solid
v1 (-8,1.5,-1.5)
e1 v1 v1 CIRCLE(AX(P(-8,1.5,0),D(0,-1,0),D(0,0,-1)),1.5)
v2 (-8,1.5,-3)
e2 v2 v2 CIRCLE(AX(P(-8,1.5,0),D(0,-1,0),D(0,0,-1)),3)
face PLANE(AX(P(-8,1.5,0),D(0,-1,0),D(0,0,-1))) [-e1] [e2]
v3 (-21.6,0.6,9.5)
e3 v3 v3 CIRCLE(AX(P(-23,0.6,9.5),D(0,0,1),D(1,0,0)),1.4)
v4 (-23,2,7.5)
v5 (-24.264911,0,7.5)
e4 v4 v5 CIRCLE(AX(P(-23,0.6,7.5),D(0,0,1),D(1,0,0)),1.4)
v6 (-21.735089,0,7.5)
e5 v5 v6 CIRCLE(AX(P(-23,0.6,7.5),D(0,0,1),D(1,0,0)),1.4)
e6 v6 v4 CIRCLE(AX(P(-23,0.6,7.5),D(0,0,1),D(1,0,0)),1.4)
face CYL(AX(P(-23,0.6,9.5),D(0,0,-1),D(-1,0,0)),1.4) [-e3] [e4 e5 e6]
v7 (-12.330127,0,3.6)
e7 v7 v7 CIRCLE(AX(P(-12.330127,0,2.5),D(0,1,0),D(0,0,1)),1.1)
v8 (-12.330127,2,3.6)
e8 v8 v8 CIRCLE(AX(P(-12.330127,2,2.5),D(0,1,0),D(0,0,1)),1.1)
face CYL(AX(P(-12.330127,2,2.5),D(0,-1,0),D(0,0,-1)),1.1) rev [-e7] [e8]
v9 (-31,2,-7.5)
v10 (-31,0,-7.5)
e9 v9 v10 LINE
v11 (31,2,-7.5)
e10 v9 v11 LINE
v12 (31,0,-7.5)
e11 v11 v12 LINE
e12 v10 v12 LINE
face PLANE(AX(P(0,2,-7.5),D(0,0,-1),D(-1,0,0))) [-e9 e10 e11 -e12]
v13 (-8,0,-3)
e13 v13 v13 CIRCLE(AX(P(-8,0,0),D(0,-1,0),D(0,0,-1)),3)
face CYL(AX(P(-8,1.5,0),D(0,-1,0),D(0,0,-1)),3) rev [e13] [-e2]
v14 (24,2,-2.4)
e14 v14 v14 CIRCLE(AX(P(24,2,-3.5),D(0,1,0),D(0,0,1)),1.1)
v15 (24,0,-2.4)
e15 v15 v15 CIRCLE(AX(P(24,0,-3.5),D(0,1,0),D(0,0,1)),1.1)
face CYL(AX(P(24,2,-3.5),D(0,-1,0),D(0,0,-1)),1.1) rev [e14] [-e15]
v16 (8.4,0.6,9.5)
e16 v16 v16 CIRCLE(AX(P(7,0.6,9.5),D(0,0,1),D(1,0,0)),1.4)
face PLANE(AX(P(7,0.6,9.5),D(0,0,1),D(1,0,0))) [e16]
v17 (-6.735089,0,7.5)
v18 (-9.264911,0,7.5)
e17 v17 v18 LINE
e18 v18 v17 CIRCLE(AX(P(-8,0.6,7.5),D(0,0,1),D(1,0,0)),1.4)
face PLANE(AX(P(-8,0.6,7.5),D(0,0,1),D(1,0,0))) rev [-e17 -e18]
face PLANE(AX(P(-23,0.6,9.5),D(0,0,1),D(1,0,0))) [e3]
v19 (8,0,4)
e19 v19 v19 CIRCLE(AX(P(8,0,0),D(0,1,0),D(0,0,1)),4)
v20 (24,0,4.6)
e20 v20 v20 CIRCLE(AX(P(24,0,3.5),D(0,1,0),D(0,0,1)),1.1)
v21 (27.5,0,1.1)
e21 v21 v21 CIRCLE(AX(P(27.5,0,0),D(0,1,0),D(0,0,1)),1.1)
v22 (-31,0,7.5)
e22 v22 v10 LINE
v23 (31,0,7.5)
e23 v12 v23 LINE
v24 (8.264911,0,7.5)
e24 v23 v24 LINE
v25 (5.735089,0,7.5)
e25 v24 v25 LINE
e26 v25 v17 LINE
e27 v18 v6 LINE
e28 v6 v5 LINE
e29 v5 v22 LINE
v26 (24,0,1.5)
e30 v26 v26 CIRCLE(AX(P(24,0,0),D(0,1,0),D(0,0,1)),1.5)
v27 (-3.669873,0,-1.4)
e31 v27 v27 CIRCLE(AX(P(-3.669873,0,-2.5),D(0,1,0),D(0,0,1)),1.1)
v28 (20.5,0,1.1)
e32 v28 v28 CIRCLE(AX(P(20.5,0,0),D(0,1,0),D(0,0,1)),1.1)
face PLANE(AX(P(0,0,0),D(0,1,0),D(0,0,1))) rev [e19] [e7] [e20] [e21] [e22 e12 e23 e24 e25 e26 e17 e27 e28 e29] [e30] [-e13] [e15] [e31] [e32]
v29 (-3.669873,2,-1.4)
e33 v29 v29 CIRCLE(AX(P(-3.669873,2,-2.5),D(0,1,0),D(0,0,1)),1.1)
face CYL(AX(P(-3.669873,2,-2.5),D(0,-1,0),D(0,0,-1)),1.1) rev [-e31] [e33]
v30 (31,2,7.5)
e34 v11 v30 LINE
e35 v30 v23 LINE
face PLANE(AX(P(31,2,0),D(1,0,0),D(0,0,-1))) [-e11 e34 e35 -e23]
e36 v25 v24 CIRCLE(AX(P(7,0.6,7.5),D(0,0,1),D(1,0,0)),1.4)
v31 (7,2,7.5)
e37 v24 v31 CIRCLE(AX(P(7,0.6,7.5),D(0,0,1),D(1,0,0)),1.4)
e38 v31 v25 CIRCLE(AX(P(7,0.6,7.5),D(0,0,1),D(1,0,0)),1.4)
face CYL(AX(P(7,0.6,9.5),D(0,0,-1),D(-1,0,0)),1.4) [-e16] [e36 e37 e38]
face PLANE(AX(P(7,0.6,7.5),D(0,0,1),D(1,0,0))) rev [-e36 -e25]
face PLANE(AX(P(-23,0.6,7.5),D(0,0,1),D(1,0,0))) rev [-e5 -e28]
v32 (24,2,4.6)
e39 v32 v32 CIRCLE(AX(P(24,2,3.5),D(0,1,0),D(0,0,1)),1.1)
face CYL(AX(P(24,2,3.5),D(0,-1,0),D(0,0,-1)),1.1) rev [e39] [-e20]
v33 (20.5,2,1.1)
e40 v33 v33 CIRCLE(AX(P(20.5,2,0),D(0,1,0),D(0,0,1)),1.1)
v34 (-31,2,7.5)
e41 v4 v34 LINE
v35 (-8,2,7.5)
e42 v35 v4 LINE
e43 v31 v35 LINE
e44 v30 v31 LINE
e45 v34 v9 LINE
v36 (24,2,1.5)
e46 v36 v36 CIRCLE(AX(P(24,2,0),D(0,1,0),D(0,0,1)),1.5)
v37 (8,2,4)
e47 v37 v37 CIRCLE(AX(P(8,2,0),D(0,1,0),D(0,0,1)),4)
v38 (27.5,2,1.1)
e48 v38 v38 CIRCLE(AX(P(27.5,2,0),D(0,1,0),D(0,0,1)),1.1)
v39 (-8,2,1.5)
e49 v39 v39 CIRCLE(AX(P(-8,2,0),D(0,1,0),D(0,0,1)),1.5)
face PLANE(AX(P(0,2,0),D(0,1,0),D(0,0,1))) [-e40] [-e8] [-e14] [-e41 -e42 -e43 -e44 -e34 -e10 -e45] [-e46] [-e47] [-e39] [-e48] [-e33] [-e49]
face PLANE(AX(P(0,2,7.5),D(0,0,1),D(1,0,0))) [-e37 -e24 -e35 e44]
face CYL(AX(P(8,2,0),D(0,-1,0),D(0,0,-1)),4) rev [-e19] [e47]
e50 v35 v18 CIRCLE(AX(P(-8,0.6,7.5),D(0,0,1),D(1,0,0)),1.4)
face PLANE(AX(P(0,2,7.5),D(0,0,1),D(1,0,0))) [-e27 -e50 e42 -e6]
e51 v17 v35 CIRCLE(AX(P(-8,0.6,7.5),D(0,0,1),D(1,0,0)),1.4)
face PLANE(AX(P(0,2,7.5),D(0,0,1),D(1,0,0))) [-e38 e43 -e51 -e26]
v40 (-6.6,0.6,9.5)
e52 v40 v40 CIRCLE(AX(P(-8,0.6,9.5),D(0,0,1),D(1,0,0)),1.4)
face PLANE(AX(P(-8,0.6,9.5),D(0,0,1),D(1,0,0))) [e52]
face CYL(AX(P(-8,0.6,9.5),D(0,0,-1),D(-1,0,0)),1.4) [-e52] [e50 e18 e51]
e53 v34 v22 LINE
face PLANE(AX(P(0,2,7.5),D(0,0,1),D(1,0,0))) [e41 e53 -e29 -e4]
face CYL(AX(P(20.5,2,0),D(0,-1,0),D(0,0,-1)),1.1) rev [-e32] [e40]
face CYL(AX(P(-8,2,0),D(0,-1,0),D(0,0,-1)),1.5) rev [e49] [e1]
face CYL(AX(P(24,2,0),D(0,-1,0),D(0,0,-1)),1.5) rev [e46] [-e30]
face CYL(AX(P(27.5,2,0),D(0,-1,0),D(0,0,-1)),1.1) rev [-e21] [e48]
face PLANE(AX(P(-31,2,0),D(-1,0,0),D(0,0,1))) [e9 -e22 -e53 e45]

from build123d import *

# Parameters (mm, degrees)
SKETCH_1_W          = 62
SKETCH_1_H          = 15
SKETCH_1_R          = 1.5
SKETCH_1_R_2        = 1.1
SKETCH_1_R_3        = 4
EXTRUDE_1_DEPTH     = 2
SKETCH_2_R          = 1.4
EXTRUDE_2_DEPTH     = 2
SKETCH_3_R          = 3
CUT_EXTRUDE_1_DEPTH = 1.5


with BuildPart() as part:
    # 草图1 → 凸台-拉伸1 (new body)
    with BuildSketch(Plane(origin=(0, 0, 0), x_dir=(1, 0, 0), z_dir=(0, 1, 0))):
        Rectangle(SKETCH_1_W, SKETCH_1_H)
        with Locations(Location((-8, 0, 0), (0, 0, 270))):
            Circle(SKETCH_1_R, mode=Mode.SUBTRACT)
        with Locations(Location((-3.669872981, 2.5, 0), (0, 0, 270))):
            Circle(SKETCH_1_R_2, mode=Mode.SUBTRACT)
        with Locations(Location((-12.330127019, -2.5, 0), (0, 0, 270))):
            Circle(SKETCH_1_R_2, mode=Mode.SUBTRACT)
        with Locations(Location((8, 0, 0), (0, 0, 270))):
            Circle(SKETCH_1_R_3, mode=Mode.SUBTRACT)
        with Locations(Location((24, 0, 0), (0, 0, 270))):
            Circle(SKETCH_1_R, mode=Mode.SUBTRACT)
        with Locations(Location((27.5, 0, 0), (0, 0, 270))):
            Circle(SKETCH_1_R_2, mode=Mode.SUBTRACT)
        with Locations(Location((24, -3.5, 0), (0, 0, 270))):
            Circle(SKETCH_1_R_2, mode=Mode.SUBTRACT)
        with Locations(Location((20.5, 0, 0), (0, 0, 270))):
            Circle(SKETCH_1_R_2, mode=Mode.SUBTRACT)
        with Locations(Location((24, 3.5, 0), (0, 0, 270))):
            Circle(SKETCH_1_R_2, mode=Mode.SUBTRACT)
    extrude(amount=EXTRUDE_1_DEPTH)

    # 草图2 → 凸台-拉伸2 (add)
    with BuildSketch(Plane.XY.offset(7.5)):
        with Locations(Location((-23, 0.6, 0), (0, 0, 205.376933525))):
            Circle(SKETCH_2_R)
        with Locations(Location((-8, 0.6, 0), (0, 0, 205.376933525))):
            Circle(SKETCH_2_R)
        with Locations(Location((7, 0.6, 0), (0, 0, 205.376933525))):
            Circle(SKETCH_2_R)
    extrude(amount=EXTRUDE_2_DEPTH)

    # 草图3 → 切除-拉伸1 (cut)
    with BuildSketch(Plane.XZ):
        with Locations(Location((-8, 0, 0), (0, 0, 270))):
            Circle(SKETCH_3_R)
    extrude(amount=-CUT_EXTRUDE_1_DEPTH, mode=Mode.SUBTRACT)


solid = part.part
